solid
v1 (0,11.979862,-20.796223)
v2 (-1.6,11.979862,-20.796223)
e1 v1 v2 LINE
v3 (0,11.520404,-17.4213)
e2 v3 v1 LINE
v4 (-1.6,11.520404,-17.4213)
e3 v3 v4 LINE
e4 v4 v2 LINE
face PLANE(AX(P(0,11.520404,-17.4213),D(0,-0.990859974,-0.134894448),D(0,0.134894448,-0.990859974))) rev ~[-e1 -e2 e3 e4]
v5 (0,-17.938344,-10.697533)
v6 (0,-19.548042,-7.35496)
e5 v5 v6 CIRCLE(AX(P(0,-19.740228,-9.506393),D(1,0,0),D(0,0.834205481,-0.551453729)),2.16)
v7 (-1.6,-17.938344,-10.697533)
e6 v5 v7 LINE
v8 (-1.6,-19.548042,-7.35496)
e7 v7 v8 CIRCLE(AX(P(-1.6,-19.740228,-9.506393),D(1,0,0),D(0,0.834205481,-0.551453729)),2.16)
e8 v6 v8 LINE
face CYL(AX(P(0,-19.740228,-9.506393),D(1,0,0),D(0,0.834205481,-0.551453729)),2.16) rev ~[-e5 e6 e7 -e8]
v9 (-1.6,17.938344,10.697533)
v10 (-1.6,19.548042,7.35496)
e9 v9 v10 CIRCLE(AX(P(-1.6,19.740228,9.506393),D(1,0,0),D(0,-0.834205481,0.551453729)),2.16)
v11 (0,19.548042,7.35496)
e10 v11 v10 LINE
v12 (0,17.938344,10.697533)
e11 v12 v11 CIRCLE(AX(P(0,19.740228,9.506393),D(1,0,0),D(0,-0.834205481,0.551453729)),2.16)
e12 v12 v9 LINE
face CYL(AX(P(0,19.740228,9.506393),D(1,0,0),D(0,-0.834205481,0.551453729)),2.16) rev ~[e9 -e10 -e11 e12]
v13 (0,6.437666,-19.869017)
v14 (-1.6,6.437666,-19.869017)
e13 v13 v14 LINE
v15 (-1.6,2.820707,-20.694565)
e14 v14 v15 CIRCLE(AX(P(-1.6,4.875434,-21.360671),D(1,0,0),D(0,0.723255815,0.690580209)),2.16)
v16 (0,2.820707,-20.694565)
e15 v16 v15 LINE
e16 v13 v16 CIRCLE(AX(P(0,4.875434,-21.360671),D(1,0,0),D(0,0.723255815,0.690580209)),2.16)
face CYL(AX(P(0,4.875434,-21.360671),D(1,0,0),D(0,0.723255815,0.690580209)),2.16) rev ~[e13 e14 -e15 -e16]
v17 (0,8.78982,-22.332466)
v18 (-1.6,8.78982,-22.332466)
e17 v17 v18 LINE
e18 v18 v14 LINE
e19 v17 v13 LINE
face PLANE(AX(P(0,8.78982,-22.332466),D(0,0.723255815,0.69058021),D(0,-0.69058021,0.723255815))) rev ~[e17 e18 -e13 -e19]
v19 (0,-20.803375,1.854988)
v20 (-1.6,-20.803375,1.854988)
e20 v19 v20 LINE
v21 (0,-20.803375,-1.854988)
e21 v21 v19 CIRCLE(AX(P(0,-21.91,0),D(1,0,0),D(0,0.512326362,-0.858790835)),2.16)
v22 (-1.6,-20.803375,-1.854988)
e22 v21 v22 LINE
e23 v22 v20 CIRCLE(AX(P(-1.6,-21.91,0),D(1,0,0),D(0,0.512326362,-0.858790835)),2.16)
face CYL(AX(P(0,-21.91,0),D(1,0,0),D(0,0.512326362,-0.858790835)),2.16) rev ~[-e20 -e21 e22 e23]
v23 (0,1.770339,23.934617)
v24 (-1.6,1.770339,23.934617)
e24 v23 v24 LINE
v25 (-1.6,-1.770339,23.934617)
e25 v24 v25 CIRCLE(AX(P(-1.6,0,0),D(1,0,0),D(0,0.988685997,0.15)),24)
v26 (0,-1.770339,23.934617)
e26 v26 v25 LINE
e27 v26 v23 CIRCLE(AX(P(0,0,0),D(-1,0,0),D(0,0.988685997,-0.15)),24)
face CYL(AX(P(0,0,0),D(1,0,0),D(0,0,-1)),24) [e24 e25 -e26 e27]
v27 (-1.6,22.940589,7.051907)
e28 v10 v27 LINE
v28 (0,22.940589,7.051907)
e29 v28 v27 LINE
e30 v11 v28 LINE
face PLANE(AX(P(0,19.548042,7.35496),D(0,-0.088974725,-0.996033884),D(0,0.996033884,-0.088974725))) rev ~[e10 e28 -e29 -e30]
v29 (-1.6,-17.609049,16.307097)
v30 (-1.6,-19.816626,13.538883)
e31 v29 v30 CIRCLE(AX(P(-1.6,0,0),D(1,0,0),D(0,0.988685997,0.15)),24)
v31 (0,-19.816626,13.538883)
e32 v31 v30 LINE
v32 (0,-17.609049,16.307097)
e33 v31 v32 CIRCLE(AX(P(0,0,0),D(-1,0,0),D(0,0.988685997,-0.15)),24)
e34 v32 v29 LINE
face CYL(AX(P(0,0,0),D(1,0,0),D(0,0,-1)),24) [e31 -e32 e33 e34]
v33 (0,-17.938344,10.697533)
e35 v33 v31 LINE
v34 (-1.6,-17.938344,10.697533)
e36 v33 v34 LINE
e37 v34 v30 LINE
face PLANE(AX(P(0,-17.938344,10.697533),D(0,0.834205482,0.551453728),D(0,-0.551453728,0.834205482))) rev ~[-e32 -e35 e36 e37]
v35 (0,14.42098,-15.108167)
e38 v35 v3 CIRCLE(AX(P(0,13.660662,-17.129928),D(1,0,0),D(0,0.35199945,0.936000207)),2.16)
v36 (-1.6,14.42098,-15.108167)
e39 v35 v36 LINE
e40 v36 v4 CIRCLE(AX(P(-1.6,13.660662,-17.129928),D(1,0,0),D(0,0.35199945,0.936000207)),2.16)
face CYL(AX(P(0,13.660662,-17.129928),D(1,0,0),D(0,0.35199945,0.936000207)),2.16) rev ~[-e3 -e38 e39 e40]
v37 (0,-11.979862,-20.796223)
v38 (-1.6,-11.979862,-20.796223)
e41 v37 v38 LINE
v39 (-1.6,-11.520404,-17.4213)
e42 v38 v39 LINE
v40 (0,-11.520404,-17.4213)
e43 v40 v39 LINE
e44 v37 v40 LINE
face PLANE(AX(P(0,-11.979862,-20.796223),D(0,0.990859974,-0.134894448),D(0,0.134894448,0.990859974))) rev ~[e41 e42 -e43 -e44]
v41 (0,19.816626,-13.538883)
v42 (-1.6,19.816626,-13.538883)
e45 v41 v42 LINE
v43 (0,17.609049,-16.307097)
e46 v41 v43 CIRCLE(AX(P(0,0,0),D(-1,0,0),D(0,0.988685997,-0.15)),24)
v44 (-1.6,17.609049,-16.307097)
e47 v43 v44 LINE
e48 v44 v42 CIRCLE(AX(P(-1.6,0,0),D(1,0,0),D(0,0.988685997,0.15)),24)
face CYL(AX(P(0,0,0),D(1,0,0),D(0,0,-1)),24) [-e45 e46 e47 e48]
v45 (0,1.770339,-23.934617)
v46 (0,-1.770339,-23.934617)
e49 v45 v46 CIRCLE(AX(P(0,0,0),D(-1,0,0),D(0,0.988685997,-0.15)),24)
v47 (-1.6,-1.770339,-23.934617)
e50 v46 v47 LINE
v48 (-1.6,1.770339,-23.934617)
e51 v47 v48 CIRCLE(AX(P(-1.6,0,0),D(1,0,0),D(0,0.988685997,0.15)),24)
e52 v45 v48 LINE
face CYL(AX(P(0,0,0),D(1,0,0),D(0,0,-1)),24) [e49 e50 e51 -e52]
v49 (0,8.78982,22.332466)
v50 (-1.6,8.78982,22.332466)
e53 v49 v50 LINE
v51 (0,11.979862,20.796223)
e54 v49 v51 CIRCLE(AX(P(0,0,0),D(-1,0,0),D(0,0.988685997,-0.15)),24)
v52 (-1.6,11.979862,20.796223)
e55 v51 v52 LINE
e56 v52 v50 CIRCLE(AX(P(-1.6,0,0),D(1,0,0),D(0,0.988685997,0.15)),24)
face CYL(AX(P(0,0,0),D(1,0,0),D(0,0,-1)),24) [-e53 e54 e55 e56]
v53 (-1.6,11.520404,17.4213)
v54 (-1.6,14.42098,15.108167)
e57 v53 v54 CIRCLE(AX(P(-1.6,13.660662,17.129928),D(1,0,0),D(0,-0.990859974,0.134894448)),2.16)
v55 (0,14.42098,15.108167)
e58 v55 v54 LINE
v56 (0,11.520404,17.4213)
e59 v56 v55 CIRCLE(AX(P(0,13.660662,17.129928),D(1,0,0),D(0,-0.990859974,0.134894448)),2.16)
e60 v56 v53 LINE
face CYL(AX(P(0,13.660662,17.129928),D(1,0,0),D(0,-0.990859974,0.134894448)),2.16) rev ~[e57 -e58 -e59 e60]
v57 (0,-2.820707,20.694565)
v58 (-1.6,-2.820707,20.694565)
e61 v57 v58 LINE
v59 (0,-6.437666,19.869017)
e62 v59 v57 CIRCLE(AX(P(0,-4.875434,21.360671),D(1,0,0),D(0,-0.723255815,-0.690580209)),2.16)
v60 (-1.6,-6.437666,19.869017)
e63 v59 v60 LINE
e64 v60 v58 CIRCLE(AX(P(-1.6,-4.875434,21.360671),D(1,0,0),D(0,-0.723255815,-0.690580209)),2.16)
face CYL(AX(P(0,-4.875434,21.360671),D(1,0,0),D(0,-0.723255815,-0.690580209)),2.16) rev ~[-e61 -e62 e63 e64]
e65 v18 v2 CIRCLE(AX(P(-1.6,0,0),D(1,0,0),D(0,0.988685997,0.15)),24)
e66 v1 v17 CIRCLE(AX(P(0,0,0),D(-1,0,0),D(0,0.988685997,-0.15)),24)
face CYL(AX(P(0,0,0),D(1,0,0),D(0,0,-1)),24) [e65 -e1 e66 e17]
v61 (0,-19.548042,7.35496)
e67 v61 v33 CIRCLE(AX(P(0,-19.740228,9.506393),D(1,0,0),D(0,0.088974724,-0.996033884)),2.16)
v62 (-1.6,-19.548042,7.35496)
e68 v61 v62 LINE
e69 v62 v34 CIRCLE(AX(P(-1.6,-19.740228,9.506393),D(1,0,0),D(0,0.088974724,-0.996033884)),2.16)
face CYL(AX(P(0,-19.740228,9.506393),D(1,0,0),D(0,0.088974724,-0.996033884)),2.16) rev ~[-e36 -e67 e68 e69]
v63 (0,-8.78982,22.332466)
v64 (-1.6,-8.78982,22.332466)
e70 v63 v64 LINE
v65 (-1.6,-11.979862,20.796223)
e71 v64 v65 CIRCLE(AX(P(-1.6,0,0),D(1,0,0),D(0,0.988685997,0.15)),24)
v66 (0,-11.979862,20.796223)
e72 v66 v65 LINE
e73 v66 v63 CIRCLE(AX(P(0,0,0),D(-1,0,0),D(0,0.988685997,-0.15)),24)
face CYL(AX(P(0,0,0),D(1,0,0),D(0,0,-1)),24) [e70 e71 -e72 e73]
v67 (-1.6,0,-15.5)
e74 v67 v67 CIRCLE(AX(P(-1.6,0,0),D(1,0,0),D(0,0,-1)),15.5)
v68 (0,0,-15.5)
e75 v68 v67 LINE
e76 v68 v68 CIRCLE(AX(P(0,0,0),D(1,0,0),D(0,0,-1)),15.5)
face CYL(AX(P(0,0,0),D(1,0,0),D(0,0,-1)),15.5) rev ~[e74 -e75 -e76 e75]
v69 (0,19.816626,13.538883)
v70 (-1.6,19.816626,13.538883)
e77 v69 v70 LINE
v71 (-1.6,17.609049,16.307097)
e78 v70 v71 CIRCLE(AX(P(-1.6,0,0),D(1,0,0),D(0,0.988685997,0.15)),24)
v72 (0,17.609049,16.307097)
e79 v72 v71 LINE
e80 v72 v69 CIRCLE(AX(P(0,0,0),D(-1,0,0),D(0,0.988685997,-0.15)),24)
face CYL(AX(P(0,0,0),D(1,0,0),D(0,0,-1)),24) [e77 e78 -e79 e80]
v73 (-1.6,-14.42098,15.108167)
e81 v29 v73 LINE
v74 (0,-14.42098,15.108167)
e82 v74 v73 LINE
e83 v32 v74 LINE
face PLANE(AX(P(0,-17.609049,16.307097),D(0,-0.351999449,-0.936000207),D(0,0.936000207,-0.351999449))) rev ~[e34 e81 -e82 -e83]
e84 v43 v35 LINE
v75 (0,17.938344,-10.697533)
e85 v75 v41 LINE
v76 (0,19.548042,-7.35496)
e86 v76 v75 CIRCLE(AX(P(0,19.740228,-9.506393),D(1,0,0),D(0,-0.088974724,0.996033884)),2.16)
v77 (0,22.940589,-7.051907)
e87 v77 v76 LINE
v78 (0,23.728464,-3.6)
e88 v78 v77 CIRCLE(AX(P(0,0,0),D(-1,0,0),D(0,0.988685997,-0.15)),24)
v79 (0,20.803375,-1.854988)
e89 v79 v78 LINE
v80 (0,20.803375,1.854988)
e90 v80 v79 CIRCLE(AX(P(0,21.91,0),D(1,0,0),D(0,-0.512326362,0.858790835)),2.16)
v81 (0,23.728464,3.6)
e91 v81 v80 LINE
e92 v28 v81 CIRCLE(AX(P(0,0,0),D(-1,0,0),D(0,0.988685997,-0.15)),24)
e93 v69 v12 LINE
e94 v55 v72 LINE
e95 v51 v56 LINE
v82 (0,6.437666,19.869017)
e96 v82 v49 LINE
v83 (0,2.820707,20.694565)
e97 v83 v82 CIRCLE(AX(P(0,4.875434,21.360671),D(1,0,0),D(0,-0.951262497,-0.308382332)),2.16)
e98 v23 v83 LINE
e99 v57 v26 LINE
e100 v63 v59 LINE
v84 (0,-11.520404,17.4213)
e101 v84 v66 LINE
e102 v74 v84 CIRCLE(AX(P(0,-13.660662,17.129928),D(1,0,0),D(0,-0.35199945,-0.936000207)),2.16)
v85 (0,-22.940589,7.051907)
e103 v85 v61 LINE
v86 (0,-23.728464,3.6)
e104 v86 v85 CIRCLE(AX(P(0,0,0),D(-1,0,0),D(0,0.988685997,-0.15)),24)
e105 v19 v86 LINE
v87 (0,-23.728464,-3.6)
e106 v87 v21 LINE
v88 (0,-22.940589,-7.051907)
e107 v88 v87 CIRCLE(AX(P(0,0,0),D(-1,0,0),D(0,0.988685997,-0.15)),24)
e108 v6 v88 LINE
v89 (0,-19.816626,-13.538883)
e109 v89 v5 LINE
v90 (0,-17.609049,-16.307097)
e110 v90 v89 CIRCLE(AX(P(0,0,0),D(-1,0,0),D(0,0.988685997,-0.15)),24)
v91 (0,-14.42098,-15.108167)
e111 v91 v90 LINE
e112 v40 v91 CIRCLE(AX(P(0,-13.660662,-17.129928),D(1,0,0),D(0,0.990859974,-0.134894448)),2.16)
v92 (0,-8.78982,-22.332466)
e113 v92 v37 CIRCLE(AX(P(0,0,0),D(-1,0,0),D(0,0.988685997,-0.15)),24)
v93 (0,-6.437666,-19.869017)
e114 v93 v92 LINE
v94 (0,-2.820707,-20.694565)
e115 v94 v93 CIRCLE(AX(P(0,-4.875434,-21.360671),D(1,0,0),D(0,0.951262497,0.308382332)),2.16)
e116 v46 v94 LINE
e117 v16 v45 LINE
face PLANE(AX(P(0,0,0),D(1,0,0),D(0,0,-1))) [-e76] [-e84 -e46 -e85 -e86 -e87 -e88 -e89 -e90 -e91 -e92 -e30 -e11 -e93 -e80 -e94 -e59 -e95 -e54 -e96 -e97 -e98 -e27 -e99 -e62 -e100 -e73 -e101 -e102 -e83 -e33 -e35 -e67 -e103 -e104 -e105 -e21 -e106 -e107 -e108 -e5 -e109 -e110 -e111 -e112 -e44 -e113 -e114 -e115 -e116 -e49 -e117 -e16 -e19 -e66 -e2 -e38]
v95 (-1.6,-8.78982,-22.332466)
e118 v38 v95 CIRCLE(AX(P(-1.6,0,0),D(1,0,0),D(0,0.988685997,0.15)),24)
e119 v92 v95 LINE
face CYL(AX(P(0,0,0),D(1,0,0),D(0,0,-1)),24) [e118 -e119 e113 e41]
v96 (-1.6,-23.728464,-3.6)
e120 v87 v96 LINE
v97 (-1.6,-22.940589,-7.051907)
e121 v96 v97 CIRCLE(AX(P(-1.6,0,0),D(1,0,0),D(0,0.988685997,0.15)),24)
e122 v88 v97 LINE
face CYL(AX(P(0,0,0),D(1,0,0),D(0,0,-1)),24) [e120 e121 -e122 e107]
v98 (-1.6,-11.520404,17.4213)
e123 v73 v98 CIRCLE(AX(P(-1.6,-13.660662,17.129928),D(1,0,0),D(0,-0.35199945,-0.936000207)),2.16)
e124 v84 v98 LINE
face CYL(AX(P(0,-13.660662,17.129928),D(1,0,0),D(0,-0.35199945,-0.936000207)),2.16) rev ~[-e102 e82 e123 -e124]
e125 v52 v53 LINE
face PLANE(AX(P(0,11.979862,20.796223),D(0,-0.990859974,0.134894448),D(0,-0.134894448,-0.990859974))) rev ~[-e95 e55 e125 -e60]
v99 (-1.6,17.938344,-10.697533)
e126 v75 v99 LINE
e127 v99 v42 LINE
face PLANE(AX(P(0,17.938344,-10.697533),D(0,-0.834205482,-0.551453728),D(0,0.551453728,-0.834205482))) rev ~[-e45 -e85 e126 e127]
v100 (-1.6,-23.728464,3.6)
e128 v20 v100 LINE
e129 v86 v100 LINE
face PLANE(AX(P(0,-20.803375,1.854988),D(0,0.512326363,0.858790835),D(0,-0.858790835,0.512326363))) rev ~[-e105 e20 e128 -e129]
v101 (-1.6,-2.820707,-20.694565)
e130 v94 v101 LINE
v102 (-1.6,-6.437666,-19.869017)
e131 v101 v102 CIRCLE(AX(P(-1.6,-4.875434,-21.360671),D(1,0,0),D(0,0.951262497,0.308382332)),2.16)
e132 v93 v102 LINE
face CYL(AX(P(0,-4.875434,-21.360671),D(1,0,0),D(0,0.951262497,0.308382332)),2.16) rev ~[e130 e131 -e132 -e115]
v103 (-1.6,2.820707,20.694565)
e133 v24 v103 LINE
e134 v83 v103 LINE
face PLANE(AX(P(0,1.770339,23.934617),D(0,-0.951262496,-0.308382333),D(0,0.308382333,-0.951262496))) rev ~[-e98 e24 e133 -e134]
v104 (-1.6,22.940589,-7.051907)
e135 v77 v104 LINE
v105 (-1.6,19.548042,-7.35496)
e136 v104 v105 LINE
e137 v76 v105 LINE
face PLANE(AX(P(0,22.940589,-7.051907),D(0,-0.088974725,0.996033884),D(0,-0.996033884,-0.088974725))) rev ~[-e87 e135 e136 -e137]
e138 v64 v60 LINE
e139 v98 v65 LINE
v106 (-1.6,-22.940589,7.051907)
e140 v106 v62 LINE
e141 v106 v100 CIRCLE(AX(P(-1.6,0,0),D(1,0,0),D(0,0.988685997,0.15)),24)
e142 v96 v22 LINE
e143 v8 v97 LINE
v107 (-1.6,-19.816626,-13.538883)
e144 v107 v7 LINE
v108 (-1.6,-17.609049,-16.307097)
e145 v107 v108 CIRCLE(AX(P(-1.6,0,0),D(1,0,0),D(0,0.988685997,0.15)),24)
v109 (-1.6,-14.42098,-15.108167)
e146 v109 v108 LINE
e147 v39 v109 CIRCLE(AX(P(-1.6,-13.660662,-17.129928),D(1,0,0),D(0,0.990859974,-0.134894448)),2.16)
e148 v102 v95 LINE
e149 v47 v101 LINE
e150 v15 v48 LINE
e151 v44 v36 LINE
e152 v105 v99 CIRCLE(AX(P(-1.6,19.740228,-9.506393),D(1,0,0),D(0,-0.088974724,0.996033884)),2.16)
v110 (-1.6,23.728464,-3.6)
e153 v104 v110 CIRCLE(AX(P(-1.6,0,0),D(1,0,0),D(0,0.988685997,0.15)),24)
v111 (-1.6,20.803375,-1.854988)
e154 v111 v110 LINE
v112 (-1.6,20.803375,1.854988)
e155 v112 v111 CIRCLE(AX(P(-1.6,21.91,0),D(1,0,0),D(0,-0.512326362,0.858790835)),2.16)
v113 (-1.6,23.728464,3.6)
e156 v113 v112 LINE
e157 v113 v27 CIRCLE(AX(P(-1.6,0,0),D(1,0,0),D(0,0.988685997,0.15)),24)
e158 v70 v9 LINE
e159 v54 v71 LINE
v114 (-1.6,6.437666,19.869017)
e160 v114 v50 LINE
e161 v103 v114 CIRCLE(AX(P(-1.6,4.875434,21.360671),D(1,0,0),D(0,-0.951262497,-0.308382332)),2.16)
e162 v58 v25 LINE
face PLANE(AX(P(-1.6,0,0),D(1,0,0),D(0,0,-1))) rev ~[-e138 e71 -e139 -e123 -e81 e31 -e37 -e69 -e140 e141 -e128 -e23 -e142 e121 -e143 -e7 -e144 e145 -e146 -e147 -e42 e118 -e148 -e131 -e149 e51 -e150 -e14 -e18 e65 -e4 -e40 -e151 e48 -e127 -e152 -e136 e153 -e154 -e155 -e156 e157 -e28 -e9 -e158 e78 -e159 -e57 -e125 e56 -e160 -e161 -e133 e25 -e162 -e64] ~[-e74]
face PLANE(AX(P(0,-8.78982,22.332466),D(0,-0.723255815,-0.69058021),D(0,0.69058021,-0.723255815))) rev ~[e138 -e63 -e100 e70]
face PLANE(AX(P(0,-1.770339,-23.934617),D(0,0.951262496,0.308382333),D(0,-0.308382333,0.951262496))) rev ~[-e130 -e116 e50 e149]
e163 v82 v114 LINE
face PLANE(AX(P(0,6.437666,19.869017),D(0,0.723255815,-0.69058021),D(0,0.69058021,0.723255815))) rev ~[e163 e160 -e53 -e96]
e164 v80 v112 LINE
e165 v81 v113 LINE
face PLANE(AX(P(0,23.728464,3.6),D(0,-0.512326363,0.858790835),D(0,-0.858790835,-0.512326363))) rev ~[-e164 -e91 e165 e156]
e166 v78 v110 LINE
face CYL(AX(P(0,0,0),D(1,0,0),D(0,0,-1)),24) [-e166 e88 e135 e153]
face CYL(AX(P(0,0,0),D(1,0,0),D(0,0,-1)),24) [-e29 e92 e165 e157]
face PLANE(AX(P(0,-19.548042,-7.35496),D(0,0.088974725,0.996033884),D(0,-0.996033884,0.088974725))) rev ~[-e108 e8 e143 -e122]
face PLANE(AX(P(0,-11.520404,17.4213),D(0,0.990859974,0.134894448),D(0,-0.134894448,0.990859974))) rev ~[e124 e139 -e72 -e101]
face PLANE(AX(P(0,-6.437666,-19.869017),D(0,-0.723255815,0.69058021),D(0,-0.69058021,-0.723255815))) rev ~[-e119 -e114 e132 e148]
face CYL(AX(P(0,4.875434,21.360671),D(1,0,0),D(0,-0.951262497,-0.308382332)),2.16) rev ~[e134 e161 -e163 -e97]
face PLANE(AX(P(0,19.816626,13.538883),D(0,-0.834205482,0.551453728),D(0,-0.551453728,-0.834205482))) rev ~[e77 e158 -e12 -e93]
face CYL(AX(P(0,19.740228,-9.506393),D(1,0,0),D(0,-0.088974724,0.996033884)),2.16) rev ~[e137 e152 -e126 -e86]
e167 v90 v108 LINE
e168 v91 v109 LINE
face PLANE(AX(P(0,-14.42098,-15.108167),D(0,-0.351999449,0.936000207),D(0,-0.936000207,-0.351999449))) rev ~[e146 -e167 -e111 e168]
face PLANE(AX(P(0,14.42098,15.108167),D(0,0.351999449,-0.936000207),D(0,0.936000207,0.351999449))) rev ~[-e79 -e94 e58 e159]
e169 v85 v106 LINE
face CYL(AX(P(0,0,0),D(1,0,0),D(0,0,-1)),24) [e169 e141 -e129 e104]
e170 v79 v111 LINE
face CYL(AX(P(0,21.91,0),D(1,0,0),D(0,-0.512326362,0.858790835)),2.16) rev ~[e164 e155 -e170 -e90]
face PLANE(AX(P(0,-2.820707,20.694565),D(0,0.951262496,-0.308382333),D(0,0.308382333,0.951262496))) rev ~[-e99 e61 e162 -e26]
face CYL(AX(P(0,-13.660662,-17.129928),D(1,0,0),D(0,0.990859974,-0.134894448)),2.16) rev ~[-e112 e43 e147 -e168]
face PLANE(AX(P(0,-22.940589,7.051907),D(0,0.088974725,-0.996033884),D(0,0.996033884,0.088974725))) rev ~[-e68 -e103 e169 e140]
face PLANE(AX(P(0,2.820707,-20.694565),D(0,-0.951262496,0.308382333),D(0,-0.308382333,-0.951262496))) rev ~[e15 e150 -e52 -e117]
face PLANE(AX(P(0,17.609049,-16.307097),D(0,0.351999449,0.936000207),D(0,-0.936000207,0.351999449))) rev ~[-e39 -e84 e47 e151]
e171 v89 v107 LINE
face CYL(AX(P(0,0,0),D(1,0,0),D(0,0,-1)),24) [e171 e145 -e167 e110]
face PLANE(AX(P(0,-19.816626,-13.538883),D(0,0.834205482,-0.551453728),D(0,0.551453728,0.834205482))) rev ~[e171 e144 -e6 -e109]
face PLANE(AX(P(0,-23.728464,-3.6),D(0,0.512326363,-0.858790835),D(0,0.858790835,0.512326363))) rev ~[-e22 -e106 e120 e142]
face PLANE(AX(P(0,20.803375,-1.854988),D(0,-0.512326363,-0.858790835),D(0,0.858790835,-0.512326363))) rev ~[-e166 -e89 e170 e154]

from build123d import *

# Parameters (mm, degrees)
SKETCH1_R          = 24
SKETCH1_R_2        = 15.5
BASE_EXTRUDE_DEPTH = 1.6
TYPEASLOT_DEPTH    = 34.978816931
TYPEAPATTERN_COUNT = 14


with BuildPart() as part:
    # Sketch1 → Base-Extrude (new body)
    with BuildSketch(Plane(origin=(0, 0, 0), x_dir=(0, 0, -1), z_dir=(1, 0, 0))):
        Circle(SKETCH1_R)
        Circle(SKETCH1_R_2, mode=Mode.SUBTRACT)
    extrude(amount=-BASE_EXTRUDE_DEPTH)

    # Sketch3 → TypeASlot (cut, through all)
    with BuildSketch(Plane(origin=(0, 0, 0), x_dir=(0, 0, -1), z_dir=(1, 0, 0))):
        with BuildLine():
            Line((1.854988203, 20.803375057), (3.6, 23.72846392))
            Line((3.6, 23.72846392), (3.6, 25.88846392))
            Line((3.6, 25.88846392), (-3.6, 25.88846392))
            Line((-3.6, 25.88846392), (-3.6, 23.72846392))
            Line((-3.6, 23.72846392), (-1.854988203, 20.803375057))
            ThreePointArc((-1.854988203, 20.803375057), (0, 19.75), (1.854988203, 20.803375057))
        make_face()
    typeaslot = extrude(amount=-TYPEASLOT_DEPTH, mode=Mode.SUBTRACT)

    # TypeAPattern: TypeASlot ×14 about axis
    typeapattern_axis = Axis((0, 0, 0), (1, 0, 0))
    for i in range(1, TYPEAPATTERN_COUNT):
        add(typeaslot.rotate(typeapattern_axis, i * 360 / TYPEAPATTERN_COUNT), mode=Mode.SUBTRACT)


solid = part.part
